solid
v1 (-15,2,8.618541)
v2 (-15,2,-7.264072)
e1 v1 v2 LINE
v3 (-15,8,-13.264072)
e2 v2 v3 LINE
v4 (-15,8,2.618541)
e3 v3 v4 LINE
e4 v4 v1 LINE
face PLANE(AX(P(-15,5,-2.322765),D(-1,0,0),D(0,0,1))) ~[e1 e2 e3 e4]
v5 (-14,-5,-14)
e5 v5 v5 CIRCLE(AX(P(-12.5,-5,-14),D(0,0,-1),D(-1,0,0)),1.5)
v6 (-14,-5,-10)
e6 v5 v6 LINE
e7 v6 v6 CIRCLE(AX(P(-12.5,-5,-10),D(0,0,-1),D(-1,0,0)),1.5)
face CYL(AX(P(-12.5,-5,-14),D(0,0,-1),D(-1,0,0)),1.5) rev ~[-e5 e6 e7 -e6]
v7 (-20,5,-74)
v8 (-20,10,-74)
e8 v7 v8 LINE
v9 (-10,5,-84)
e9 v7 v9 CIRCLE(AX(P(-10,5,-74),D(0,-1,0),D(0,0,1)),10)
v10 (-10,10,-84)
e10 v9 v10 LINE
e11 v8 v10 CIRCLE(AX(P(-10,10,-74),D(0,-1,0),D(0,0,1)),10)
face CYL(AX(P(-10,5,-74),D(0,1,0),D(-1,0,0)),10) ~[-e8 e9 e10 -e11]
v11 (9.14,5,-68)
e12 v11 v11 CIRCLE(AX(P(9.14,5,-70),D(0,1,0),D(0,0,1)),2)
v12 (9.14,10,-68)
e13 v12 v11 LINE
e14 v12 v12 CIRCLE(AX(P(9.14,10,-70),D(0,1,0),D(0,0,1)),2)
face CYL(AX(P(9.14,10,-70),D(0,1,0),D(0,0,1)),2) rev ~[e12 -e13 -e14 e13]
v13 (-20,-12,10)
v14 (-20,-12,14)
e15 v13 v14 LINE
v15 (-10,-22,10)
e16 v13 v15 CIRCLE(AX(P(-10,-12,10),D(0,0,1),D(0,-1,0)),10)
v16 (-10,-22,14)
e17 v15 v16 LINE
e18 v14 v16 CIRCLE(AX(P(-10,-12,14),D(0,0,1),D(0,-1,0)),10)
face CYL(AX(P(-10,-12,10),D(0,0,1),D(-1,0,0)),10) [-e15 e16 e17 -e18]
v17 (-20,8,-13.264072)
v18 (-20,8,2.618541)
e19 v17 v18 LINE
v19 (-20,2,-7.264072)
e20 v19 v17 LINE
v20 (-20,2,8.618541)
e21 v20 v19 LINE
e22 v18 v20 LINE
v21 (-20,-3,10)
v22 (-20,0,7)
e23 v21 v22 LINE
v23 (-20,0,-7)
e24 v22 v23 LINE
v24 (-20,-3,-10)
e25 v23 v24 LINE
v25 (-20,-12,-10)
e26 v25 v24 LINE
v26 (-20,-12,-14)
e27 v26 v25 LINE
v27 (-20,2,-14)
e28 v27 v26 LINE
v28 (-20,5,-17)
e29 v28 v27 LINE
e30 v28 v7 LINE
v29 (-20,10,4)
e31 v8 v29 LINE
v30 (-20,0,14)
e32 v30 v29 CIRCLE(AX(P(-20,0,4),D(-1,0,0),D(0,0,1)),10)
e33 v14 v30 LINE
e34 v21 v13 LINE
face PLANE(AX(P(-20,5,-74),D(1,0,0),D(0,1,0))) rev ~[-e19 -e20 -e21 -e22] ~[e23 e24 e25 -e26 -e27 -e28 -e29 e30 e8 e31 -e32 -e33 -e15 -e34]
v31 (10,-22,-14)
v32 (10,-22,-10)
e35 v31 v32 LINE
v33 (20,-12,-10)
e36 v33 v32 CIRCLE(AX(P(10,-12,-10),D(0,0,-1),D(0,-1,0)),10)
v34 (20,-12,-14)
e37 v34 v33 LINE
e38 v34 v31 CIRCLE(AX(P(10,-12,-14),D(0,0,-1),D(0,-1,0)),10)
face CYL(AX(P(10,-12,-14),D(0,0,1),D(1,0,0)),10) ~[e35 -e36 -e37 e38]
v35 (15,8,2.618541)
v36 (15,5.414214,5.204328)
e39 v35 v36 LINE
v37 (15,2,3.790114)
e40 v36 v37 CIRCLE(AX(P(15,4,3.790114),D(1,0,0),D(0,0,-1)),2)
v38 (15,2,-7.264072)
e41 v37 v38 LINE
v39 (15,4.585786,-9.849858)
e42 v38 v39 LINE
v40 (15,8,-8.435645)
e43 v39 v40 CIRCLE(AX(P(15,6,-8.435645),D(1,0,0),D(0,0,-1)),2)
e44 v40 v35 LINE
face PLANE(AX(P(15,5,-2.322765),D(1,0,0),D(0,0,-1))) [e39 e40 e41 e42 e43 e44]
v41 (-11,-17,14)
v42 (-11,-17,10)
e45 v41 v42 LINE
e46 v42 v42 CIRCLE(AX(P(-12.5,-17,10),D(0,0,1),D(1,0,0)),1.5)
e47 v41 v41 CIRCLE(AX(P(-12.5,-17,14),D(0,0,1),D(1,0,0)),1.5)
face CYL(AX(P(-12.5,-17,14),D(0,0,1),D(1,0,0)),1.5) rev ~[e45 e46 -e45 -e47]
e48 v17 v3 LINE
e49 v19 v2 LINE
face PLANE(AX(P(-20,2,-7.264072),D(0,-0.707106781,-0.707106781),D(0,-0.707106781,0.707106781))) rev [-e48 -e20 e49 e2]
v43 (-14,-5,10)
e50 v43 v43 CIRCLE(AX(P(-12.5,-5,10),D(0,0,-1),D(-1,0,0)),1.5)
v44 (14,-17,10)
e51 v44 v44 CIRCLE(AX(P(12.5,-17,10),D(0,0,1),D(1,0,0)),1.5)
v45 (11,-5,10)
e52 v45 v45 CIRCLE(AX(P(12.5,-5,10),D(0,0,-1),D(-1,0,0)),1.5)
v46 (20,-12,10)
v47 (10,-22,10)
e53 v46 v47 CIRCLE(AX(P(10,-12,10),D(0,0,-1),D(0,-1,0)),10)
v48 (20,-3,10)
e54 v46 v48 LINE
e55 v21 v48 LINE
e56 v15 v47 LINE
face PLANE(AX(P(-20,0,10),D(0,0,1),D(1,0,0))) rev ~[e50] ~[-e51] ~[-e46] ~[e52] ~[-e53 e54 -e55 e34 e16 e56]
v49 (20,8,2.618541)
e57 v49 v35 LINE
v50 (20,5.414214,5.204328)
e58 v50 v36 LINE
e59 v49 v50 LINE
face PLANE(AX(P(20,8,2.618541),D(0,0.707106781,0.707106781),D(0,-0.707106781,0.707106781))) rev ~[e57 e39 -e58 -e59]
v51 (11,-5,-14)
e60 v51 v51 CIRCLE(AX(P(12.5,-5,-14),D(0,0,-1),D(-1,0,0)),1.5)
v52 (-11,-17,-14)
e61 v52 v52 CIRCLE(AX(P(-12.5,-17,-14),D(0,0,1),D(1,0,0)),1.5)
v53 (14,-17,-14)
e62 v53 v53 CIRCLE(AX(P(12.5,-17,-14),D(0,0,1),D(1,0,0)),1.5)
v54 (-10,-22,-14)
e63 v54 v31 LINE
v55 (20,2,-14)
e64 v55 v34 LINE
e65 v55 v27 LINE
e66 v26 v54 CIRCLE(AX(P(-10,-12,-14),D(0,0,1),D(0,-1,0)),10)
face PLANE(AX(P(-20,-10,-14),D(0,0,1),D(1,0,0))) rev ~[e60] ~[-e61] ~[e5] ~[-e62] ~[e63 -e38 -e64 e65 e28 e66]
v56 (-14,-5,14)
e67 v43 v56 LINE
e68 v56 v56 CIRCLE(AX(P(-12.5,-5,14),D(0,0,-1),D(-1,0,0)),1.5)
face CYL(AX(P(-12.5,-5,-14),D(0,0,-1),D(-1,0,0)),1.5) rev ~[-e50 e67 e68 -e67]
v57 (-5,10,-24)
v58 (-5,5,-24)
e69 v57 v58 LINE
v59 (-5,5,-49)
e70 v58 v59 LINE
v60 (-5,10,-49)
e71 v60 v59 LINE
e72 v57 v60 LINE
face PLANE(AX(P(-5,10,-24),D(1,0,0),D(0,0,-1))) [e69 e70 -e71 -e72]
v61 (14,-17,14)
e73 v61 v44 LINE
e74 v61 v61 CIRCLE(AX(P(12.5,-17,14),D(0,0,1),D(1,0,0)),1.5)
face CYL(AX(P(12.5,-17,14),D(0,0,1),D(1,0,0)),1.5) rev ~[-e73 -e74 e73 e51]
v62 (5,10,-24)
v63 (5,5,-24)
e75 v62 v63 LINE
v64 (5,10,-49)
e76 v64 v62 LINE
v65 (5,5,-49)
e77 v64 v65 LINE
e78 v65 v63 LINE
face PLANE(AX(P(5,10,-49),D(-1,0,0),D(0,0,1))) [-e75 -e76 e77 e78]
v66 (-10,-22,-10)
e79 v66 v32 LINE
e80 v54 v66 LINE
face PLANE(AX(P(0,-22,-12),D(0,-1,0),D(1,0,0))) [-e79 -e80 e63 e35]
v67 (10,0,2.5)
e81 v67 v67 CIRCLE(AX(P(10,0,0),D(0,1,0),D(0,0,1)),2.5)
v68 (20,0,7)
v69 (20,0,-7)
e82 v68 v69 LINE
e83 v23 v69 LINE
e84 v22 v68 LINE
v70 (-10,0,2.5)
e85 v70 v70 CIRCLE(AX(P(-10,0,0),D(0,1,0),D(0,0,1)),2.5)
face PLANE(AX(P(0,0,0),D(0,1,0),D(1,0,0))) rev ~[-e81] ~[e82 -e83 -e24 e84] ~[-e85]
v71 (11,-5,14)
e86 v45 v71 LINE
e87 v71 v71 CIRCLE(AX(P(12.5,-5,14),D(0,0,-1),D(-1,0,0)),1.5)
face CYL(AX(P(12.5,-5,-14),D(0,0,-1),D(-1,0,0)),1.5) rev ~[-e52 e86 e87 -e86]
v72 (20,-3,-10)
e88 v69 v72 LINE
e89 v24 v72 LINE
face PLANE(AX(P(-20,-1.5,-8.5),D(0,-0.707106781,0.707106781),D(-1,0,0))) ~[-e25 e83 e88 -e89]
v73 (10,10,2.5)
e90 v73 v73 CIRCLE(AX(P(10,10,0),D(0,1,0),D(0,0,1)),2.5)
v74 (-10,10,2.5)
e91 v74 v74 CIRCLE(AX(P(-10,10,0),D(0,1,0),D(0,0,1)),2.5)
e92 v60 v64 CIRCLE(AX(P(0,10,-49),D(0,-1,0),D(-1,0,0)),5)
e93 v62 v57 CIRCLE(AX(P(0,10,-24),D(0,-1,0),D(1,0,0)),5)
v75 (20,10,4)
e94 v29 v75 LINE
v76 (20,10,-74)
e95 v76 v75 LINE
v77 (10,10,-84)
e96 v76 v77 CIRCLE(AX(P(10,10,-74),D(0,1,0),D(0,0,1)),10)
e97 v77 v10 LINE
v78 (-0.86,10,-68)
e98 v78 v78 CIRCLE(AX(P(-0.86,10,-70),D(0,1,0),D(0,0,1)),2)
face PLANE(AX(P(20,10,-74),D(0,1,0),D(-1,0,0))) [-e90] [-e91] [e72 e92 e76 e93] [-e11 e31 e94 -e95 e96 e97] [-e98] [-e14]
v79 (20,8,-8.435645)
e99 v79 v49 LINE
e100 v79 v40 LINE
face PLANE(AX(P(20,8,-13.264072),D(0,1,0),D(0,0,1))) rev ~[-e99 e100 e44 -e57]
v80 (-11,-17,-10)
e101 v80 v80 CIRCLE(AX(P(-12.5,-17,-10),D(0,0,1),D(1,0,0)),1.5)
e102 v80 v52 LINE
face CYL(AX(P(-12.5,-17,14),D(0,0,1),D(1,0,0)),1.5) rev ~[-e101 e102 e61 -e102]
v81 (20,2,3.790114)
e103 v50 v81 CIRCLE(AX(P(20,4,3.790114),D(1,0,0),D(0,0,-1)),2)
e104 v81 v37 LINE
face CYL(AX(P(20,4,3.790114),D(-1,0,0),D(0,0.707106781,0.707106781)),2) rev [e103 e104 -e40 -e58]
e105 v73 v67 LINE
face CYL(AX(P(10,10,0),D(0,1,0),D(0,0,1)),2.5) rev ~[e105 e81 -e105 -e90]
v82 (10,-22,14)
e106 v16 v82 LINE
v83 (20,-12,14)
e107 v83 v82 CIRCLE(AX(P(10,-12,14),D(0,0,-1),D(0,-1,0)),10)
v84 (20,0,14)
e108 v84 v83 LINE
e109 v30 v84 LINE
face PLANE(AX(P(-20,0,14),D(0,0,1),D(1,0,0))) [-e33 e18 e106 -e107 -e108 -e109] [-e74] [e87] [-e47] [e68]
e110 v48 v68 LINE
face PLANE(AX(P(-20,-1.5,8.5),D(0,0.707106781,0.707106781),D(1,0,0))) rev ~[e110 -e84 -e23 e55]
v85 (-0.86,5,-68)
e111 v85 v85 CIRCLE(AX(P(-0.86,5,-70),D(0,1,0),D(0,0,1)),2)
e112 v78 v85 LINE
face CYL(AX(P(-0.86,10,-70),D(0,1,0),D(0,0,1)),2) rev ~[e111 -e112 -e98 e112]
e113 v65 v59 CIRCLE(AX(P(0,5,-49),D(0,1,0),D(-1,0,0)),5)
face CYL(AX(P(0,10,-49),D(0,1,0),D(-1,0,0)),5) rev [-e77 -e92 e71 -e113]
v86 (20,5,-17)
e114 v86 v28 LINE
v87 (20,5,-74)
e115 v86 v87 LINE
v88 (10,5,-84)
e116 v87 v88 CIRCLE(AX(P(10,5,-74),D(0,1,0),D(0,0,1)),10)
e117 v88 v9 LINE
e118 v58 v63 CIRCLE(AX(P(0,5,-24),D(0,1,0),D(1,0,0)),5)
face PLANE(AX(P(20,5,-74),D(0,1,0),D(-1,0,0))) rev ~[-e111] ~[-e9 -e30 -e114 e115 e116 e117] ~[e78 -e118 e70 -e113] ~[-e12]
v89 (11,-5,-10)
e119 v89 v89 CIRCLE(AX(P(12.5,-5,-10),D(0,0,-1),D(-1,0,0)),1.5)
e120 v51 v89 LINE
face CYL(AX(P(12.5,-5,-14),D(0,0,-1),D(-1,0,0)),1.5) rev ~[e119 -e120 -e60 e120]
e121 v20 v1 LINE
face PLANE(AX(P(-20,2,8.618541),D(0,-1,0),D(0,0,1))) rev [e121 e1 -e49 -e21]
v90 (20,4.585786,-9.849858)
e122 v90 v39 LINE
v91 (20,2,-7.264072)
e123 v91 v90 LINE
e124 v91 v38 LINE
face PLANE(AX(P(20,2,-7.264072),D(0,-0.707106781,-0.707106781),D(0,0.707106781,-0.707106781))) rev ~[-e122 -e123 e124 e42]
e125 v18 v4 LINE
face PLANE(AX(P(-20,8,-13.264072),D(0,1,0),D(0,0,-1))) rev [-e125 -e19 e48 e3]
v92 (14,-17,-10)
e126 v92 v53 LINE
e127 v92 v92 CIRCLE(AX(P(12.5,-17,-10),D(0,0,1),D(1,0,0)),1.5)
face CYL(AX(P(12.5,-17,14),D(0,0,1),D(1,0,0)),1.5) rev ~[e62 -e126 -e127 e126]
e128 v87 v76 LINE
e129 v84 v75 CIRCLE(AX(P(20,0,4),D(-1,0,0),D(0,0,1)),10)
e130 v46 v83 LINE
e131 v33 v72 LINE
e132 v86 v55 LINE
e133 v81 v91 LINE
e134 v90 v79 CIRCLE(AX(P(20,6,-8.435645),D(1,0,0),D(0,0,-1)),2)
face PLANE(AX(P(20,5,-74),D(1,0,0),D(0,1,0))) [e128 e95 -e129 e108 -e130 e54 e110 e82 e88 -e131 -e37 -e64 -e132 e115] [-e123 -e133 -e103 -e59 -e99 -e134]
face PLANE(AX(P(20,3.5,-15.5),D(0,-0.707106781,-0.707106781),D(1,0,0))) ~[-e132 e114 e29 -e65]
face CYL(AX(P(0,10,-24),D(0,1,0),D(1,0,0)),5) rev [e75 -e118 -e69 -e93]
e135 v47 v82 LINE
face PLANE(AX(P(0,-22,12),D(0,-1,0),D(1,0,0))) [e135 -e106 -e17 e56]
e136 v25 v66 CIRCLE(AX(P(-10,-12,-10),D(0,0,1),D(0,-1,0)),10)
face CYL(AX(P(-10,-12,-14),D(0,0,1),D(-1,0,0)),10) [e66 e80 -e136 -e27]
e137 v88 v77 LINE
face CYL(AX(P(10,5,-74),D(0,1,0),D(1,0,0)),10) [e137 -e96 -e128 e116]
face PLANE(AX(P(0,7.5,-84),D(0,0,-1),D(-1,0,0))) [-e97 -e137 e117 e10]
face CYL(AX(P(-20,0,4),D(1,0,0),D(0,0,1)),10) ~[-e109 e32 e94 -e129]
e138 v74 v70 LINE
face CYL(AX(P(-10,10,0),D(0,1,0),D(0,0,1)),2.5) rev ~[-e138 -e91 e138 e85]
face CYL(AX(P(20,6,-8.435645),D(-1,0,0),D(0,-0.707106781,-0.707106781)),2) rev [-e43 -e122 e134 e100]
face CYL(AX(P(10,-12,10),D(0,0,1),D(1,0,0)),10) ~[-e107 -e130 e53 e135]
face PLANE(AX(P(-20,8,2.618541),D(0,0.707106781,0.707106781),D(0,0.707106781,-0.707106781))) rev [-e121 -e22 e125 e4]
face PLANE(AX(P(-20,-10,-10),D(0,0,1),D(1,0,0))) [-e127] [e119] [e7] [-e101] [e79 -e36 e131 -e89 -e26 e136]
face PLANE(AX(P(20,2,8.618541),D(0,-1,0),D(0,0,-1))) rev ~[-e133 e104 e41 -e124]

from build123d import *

# Parameters (mm, degrees)
SKETCH_1_W          = 40
SKETCH_1_H          = 28
EXTRUDE_1_DEPTH     = 10
SKETCH_2_W          = 40
SKETCH_2_H          = 4
EXTRUDE_2_DEPTH     = 10
SKETCH_4_W          = 40
SKETCH_4_H          = 5
EXTRUDE_3_DEPTH     = 15
SKETCH_6_W          = 40
SKETCH_6_H          = 5
EXTRUDE_4_DEPTH     = 15
SKETCH_8_R          = 2.5
CUT_EXTRUDE_2_DEPTH = 15
CHAMFER_1_SIZE      = 3
FILLET_1_R          = 10
CHAMFER_2_SIZE      = 3
SKETCH_9_R          = 1.5
CUT_EXTRUDE_3_DEPTH = 38.416573868
CUT_EXTRUDE_4_DEPTH = 5
FILLET_3_R          = 2
SKETCH_11_W         = 40
SKETCH_11_H         = 7
EXTRUDE_5_DEPTH     = 3
CHAMFER_3_SIZE      = 1
SKETCH_12_W         = 40
SKETCH_12_H         = 5
EXTRUDE_6_DEPTH     = 30
SKETCH_13_R         = 2
CUT_EXTRUDE_5_DEPTH = 30
SKETCH_16_W         = 20
SKETCH_16_H         = 6.386072782
CUT_EXTRUDE_6_DEPTH = 85.711274338
SKETCH_17_W         = 40
SKETCH_17_H         = 4
EXTRUDE_8_DEPTH     = 12
SKETCH_18_R         = 1.5
CUT_EXTRUDE_7_DEPTH = 93.887028158
CUT_EXTRUDE_8_DEPTH = 84.066238629
SKETCH_21_W         = 40
SKETCH_21_H         = 5
EXTRUDE_9_DEPTH     = 10
FILLET_5_R          = 10


with BuildPart() as part:
    # 草图1 → 凸台-拉伸1 (new body)
    with BuildSketch(Plane(origin=(0, 0, 0), x_dir=(1, 0, 0), z_dir=(0, 1, 0))):
        Rectangle(SKETCH_1_W, SKETCH_1_H)
    extrude(amount=EXTRUDE_1_DEPTH)

    # 草图2 → 凸台-拉伸2 (add)
    with BuildSketch(Plane.XZ):
        with Locations((0, 12)):
            Rectangle(SKETCH_2_W, SKETCH_2_H)
        with Locations((0, -12)):
            Rectangle(SKETCH_2_W, SKETCH_2_H)
    extrude(amount=EXTRUDE_2_DEPTH)

    # 草图4 → 凸台-拉伸3 (add)
    with BuildSketch(Plane(origin=(0, 0, -14), x_dir=(-1, 0, 0), z_dir=(0, 0, -1))):
        with Locations((0, 7.5)):
            Rectangle(SKETCH_4_W, SKETCH_4_H)
    extrude(amount=EXTRUDE_3_DEPTH)

    # 草图6 → 凸台-拉伸4 (add)
    with BuildSketch(Plane(origin=(0, 0, -29), x_dir=(-1, 0, 0), z_dir=(0, 0, -1))):
        with Locations((0, 7.5)):
            Rectangle(SKETCH_6_W, SKETCH_6_H)
    extrude(amount=EXTRUDE_4_DEPTH)

    # 草图8 → 切除-拉伸2 (cut)
    with BuildSketch(Plane(origin=(0, 10, 0), x_dir=(1, 0, 0), z_dir=(0, 1, 0))):
        with Locations(Location((-10, 0, 0), (0, 0, 270))):
            Circle(SKETCH_8_R)
        with Locations(Location((10, 0, 0), (0, 0, 270))):
            Circle(SKETCH_8_R)
    extrude(amount=-CUT_EXTRUDE_2_DEPTH, mode=Mode.SUBTRACT)

    # 倒角1
    chamfer_1_edges = [part.edges().sort_by_distance(p)[0] for p in [
        (0, 0, 10),
        (0, 0, -10),
    ]]
    chamfer(chamfer_1_edges, length=CHAMFER_1_SIZE)

    # 圆角1
    fillet_1_edges = [part.edges().sort_by_distance(p)[0] for p in [
        (0, 10, 14),
    ]]
    fillet(fillet_1_edges, radius=FILLET_1_R)

    # 倒角2
    chamfer_2_edges = [part.edges().sort_by_distance(p)[0] for p in [
        (0, 5, -14),
    ]]
    chamfer(chamfer_2_edges, length=CHAMFER_2_SIZE)

    # 草图9 → 切除-拉伸3 (cut, through all)
    with BuildSketch(Plane(origin=(0, 0, -14), x_dir=(-1, 0, 0), z_dir=(0, 0, -1))):
        with Locations((-12.5, -5)):
            Circle(SKETCH_9_R)
        with Locations((12.5, -5)):
            Circle(SKETCH_9_R)
    extrude(amount=-CUT_EXTRUDE_3_DEPTH, mode=Mode.SUBTRACT)

    # 草图10 → 切除-拉伸4 (cut)
    with BuildSketch(Plane(origin=(20, 0, 0), x_dir=(0, 0, -1), z_dir=(1, 0, 0))):
        Polygon((-2.618541417, 8), (-8.618541417, 2), (7.264071942, 2), (13.264071942, 8), align=None)
    cut_extrude_4 = extrude(amount=-CUT_EXTRUDE_4_DEPTH, mode=Mode.SUBTRACT)

    # 圆角3
    fillet_3_edges = [part.edges().sort_by_distance(p)[0] for p in [
        (17.5, 8, -13.264071942),
        (17.5, 2, 8.618541417),
    ]]
    fillet(fillet_3_edges, radius=FILLET_3_R)

    # 镜向1: 切除-拉伸4 across plane
    add(cut_extrude_4.mirror(Plane(origin=(0, 0, 0), x_dir=(0, 0, 1), z_dir=(1, 0, 0))), mode=Mode.SUBTRACT)

    # 草图11 → 凸台-拉伸5 (add)
    with BuildSketch(Plane.XZ.offset(10)):
        with Locations((0, -10.5)):
            Rectangle(SKETCH_11_W, SKETCH_11_H)
        with Locations((0, 10.5)):
            Rectangle(SKETCH_11_W, SKETCH_11_H)
    extrude(amount=-EXTRUDE_5_DEPTH)

    # 倒角3
    chamfer_3_edges = [part.edges().sort_by_distance(p)[0] for p in [
        (0, -7, -7),
        (0, -7, 7),
    ]]
    chamfer(chamfer_3_edges, length=CHAMFER_3_SIZE)

    # 草图12 → 凸台-拉伸6 (add)
    with BuildSketch(Plane(origin=(0, 0, -44), x_dir=(-1, 0, 0), z_dir=(0, 0, -1))):
        with Locations((0, 7.5)):
            Rectangle(SKETCH_12_W, SKETCH_12_H)
    extrude(amount=EXTRUDE_6_DEPTH)

    # 草图13 → 切除-拉伸5 (cut)
    with BuildSketch(Plane(origin=(0, 10, 0), x_dir=(1, 0, 0), z_dir=(0, 1, 0))):
        with Locations(Location((9.14, 70, 0), (0, 0, 270))):
            Circle(SKETCH_13_R)
        with Locations(Location((-0.86, 70, 0), (0, 0, 270))):
            Circle(SKETCH_13_R)
    extrude(amount=-CUT_EXTRUDE_5_DEPTH, mode=Mode.SUBTRACT)

    # 草图16 → 切除-拉伸6 (cut, through all)
    with BuildSketch(Plane(origin=(20, 0, 0), x_dir=(0, 0, -1), z_dir=(1, 0, 0))):
        with Locations((0, -10.193036391)):
            Rectangle(SKETCH_16_W, SKETCH_16_H)
    extrude(amount=-CUT_EXTRUDE_6_DEPTH, mode=Mode.SUBTRACT)

    # 草图17 → 凸台-拉伸8 (add)
    with BuildSketch(Plane.XZ.offset(10)):
        with Locations((0, -12)):
            Rectangle(SKETCH_17_W, SKETCH_17_H)
        with Locations((0, 12)):
            Rectangle(SKETCH_17_W, SKETCH_17_H)
    extrude(amount=EXTRUDE_8_DEPTH)

    # 草图18 → 切除-拉伸7 (cut, through all)
    with BuildSketch(Plane.XY.offset(14)):
        with Locations(Location((12.5, -5, 0), (0, 0, 180))):
            Circle(SKETCH_18_R)
        with Locations(Location((-12.5, -5, 0), (0, 0, 180))):
            Circle(SKETCH_18_R)
        with Locations((-12.5, -17)):
            Circle(SKETCH_18_R)
        with Locations((12.5, -17)):
            Circle(SKETCH_18_R)
    extrude(amount=-CUT_EXTRUDE_7_DEPTH, mode=Mode.SUBTRACT)

    # 草图19 → 切除-拉伸8 (cut, through all)
    with BuildSketch(Plane(origin=(0, 10, 0), x_dir=(1, 0, 0), z_dir=(0, 1, 0))):
        with BuildLine():
            Line((5, 49), (5, 24))
            ThreePointArc((5, 24), (0, 19), (-5, 24))
            Line((-5, 24), (-5, 49))
            ThreePointArc((-5, 49), (0, 54), (5, 49))
        make_face()
    extrude(amount=-CUT_EXTRUDE_8_DEPTH, mode=Mode.SUBTRACT)

    # 草图21 → 凸台-拉伸9 (add)
    with BuildSketch(Plane(origin=(0, 0, -74), x_dir=(-1, 0, 0), z_dir=(0, 0, -1))):
        with Locations((0, 7.5)):
            Rectangle(SKETCH_21_W, SKETCH_21_H)
    extrude(amount=EXTRUDE_9_DEPTH)

    # 圆角5
    fillet_5_edges = [part.edges().sort_by_distance(p)[0] for p in [
        (-20, -22, -12),
        (20, -22, -12),
        (-20, -22, 12),
        (20, -22, 12),
        (20, 7.5, -84),
        (-20, 7.5, -84),
    ]]
    fillet(fillet_5_edges, radius=FILLET_5_R)


solid = part.part
